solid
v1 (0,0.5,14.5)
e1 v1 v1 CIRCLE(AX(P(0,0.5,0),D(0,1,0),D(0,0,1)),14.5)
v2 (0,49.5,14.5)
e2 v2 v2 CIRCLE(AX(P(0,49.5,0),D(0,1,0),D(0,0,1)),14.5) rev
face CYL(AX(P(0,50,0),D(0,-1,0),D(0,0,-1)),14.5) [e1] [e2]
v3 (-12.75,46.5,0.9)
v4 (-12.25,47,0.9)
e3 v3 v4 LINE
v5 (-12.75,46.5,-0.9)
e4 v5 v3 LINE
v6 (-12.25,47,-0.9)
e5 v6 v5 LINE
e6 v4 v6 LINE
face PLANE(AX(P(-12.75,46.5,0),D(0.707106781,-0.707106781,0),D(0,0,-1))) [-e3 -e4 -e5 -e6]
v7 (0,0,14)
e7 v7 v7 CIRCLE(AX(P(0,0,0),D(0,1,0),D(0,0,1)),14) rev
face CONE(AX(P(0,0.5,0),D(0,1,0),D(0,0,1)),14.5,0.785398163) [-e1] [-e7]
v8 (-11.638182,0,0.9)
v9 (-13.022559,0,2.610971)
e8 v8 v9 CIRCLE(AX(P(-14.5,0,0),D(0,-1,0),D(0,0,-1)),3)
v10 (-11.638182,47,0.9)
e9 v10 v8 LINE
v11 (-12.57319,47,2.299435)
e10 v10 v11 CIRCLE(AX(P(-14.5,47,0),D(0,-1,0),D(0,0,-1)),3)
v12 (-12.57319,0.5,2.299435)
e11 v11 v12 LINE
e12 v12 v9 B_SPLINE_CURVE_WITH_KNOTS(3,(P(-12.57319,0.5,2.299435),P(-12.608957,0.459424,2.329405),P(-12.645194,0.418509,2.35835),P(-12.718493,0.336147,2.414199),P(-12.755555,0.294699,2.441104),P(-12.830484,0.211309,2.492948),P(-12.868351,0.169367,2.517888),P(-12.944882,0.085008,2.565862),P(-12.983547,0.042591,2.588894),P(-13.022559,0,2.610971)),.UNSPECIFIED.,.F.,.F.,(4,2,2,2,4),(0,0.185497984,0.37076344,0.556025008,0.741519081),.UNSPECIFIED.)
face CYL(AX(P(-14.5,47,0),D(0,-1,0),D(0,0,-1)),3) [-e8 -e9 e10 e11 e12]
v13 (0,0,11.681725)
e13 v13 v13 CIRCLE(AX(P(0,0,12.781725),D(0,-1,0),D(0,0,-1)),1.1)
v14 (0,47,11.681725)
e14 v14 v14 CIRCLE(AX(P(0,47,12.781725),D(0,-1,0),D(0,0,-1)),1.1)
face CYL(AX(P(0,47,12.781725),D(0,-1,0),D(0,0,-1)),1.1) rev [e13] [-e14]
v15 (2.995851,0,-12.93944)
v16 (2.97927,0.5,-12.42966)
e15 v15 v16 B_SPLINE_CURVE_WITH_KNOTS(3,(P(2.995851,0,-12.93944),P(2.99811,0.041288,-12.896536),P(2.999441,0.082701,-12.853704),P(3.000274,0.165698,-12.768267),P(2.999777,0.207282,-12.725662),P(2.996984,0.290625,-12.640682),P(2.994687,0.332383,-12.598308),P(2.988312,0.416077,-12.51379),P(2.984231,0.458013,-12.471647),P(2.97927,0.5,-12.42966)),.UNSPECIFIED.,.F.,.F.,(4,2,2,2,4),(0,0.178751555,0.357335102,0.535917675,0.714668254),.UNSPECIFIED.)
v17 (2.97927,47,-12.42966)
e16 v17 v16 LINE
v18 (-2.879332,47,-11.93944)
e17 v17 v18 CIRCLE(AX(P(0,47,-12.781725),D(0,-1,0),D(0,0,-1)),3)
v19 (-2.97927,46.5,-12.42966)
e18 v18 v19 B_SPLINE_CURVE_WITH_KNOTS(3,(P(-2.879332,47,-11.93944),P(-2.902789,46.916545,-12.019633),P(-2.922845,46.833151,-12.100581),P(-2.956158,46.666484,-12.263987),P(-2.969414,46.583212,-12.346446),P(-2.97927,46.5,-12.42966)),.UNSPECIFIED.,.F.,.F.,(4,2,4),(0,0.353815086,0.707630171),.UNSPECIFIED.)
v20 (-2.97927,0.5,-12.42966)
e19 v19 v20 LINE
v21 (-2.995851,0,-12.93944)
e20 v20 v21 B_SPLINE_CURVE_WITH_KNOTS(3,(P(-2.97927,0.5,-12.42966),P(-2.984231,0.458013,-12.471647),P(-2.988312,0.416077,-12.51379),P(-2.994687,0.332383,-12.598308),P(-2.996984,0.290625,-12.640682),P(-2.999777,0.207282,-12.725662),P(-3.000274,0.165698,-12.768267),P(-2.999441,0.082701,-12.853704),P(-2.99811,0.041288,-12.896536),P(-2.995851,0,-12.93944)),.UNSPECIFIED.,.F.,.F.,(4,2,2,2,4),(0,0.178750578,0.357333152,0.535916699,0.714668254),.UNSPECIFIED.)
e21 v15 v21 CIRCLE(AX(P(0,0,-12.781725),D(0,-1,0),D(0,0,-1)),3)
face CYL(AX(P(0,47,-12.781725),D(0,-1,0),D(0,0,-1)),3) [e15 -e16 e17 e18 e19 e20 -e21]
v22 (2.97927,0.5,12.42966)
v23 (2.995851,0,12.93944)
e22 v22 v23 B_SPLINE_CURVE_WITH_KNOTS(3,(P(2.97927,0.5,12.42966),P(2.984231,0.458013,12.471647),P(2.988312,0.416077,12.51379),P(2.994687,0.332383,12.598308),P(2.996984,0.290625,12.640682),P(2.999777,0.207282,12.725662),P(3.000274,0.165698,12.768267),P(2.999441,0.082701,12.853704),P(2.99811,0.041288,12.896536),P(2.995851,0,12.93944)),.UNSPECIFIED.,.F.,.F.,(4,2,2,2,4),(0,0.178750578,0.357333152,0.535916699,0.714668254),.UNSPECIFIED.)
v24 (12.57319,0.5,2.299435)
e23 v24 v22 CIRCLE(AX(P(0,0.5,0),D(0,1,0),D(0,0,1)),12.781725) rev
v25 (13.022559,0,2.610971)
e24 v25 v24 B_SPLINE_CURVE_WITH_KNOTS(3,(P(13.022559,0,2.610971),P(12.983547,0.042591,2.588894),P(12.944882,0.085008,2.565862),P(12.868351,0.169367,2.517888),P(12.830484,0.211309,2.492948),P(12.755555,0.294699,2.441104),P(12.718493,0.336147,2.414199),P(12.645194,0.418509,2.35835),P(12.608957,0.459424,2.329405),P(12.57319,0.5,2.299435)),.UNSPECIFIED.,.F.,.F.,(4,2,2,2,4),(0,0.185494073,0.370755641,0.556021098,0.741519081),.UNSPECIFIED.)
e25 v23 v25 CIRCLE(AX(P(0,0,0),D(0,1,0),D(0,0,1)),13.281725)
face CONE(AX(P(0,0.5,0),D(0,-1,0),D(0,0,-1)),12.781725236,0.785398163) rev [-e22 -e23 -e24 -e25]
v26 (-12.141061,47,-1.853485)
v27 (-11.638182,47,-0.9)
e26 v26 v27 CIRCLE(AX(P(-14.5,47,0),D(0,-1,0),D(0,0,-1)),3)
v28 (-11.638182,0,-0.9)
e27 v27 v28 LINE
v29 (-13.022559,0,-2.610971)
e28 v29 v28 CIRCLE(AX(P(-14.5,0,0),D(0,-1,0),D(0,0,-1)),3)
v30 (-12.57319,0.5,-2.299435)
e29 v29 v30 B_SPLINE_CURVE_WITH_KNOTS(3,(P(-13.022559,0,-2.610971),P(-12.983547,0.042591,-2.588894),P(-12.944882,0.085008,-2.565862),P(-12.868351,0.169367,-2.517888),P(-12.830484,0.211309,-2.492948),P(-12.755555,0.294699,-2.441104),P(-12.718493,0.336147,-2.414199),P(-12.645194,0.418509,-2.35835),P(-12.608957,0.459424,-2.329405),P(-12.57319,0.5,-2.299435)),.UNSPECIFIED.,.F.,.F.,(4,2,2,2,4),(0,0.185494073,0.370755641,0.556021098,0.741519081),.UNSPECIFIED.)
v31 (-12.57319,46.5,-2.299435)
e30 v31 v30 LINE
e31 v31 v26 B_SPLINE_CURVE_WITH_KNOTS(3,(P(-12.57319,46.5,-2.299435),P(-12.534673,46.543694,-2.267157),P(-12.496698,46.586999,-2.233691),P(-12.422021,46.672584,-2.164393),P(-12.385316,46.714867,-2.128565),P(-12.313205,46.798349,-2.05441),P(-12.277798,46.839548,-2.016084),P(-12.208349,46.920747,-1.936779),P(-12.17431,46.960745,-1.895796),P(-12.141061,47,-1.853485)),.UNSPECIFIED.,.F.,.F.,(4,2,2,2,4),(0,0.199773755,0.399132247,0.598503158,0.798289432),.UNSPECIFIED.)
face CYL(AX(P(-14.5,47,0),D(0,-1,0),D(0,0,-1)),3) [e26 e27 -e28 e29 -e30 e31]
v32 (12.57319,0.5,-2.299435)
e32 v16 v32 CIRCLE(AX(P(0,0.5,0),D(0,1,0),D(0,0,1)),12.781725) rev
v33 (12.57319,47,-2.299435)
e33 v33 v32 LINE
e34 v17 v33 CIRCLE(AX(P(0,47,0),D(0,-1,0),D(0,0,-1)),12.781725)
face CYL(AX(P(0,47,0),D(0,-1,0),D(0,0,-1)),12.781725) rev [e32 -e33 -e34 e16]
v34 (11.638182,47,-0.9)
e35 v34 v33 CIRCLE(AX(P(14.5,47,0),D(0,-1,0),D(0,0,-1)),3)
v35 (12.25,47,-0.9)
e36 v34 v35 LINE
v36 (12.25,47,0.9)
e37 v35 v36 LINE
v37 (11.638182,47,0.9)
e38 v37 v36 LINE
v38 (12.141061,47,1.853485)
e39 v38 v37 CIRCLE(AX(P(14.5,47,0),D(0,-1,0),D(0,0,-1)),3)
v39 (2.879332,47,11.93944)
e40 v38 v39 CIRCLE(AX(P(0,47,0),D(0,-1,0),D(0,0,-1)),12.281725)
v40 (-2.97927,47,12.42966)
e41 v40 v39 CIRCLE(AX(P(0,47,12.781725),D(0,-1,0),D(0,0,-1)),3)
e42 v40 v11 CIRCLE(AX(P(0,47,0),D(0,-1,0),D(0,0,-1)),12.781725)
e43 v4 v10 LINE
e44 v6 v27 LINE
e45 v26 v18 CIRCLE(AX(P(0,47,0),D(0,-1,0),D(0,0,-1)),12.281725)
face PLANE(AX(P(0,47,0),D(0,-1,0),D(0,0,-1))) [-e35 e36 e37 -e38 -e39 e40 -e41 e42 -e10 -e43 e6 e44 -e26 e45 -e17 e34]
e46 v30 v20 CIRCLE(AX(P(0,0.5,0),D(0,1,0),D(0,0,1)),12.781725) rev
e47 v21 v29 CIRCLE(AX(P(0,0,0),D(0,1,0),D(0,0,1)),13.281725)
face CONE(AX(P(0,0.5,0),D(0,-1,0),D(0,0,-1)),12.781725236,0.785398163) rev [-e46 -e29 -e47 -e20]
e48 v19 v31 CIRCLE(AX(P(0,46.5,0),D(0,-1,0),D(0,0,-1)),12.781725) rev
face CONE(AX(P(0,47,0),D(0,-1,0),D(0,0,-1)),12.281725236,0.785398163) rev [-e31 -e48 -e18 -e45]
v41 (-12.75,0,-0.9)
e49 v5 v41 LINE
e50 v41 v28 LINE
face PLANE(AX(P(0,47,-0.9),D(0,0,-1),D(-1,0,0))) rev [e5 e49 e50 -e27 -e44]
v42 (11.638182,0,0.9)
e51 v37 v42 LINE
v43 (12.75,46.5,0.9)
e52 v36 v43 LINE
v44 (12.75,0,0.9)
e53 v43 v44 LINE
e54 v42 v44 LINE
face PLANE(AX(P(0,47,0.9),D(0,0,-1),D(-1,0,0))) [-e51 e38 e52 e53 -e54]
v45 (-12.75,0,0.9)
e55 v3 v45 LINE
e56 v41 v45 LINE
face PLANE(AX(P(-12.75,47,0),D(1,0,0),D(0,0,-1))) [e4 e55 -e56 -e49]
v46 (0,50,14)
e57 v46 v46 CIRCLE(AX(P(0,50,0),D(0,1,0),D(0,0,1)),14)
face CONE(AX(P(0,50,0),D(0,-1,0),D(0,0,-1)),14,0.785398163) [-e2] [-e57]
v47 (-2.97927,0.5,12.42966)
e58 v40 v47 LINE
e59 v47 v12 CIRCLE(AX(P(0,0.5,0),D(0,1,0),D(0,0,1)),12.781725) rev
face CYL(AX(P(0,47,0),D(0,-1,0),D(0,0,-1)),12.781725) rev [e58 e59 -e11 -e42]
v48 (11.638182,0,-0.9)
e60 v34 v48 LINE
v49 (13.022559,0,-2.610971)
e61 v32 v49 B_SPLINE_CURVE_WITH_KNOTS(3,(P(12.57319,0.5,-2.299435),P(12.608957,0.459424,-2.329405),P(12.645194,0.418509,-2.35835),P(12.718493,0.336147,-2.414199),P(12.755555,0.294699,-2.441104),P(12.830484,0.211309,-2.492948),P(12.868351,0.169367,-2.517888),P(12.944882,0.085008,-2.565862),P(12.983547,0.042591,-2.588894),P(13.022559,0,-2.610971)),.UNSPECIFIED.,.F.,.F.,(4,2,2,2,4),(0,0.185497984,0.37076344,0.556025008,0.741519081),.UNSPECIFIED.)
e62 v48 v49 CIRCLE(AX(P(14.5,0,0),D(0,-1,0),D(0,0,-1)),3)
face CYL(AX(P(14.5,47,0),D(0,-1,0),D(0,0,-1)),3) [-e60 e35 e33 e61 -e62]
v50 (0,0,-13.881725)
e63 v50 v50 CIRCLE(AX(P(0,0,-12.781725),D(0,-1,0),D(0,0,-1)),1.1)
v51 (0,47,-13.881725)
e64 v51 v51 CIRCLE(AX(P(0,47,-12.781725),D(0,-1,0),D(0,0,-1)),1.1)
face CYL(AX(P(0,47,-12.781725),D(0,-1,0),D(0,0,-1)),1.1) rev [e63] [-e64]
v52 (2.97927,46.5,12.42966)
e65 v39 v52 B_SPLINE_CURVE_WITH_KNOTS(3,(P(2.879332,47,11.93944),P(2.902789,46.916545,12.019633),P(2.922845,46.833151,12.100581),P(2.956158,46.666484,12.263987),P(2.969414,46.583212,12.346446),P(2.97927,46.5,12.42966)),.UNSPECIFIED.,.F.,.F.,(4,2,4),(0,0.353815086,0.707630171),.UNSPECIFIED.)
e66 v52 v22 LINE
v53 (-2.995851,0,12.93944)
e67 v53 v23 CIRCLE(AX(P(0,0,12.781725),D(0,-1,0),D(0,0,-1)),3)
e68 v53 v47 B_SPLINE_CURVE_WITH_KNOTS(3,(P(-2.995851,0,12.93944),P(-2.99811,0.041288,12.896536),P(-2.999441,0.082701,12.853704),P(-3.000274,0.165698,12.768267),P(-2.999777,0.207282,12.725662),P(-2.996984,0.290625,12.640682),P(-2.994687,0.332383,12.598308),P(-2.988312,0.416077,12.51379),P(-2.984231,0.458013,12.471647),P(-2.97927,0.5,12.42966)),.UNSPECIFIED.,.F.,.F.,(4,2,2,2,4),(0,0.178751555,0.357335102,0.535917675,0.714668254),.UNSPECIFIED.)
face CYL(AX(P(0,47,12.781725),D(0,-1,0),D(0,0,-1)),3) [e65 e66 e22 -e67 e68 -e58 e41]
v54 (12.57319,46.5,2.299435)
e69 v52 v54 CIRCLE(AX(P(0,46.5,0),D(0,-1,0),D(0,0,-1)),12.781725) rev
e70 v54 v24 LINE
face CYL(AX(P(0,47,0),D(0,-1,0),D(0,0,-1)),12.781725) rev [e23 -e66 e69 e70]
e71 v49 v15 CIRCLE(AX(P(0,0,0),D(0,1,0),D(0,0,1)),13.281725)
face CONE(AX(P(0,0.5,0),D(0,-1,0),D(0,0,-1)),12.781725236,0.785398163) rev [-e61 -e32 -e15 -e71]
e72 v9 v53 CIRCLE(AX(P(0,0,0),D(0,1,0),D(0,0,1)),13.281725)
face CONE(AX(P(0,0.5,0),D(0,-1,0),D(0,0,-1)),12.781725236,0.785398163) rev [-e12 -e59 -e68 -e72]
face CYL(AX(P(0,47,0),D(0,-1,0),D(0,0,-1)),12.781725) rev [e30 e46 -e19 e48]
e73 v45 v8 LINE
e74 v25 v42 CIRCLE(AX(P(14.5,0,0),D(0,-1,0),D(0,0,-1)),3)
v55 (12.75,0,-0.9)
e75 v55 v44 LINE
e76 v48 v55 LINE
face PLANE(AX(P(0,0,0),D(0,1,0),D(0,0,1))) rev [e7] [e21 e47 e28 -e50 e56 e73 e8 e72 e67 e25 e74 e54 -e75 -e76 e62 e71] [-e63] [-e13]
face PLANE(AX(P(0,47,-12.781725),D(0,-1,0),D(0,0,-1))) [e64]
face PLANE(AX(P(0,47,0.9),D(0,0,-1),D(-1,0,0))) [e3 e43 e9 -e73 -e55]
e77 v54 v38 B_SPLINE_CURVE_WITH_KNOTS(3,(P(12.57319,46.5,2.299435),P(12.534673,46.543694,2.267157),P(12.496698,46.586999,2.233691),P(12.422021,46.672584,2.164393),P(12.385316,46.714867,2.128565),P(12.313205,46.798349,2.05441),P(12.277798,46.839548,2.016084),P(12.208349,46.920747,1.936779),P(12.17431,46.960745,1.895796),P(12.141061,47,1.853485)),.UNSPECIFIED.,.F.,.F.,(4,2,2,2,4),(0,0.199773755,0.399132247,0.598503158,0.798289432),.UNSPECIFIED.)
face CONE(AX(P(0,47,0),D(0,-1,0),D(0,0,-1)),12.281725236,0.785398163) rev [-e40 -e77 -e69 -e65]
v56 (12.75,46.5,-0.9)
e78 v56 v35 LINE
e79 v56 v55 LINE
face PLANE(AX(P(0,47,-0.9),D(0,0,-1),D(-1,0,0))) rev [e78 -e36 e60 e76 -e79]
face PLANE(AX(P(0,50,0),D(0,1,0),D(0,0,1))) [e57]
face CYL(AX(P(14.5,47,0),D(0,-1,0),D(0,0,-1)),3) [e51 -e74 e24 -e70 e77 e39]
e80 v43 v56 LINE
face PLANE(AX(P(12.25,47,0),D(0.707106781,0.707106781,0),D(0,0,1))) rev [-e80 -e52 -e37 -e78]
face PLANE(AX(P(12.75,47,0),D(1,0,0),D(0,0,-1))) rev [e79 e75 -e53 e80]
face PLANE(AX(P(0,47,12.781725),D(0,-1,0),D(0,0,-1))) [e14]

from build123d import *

# Parameters (mm, degrees)
SKETCH1_R           = 14.5
BOSS_EXTRUDE1_DEPTH = 50
SKETCH2_R           = 1.1
CUT_EXTRUDE1_DEPTH  = 47
CHAMFER1_SIZE       = 0.5


with BuildPart() as part:
    # Sketch1 → Boss-Extrude1 (new body)
    with BuildSketch(Plane(origin=(0, 0, 0), x_dir=(1, 0, 0), z_dir=(0, 1, 0))):
        with Locations(Location((0, 0, 0), (0, 0, 270))):
            Circle(SKETCH1_R)
    extrude(amount=BOSS_EXTRUDE1_DEPTH)

    # Sketch2 → Cut-Extrude1 (cut)
    with BuildSketch(Plane.XZ):
        with BuildLine():
            Line((-12.75, 0.9), (-12.75, -0.9))
            Line((-12.75, -0.9), (-11.638182396, -0.9))
            ThreePointArc((-11.638182396, -0.9), (-12.005537317, -1.66663011), (-12.573189655, -2.299435125))
            ThreePointArc((-12.573189655, -2.299435125), (-9.280361808, -8.789049136), (-2.979270067, -12.429660087))
            ThreePointArc((-2.979270067, -12.429660087), (0, -9.781725236), (2.979270067, -12.429660087))
            ThreePointArc((2.979270067, -12.429660087), (9.280361808, -8.789049136), (12.573189655, -2.299435125))
            ThreePointArc((12.573189655, -2.299435125), (12.005537317, -1.66663011), (11.638182396, -0.9))
            Line((11.638182396, -0.9), (12.75, -0.9))
            Line((12.75, -0.9), (12.75, 0.9))
            Line((12.75, 0.9), (11.638182396, 0.9))
            ThreePointArc((11.638182396, 0.9), (12.005537317, 1.66663011), (12.573189655, 2.299435125))
            ThreePointArc((12.573189655, 2.299435125), (9.280361808, 8.789049136), (2.979270067, 12.429660087))
            ThreePointArc((2.979270067, 12.429660087), (0, 9.781725236), (-2.979270067, 12.429660087))
            ThreePointArc((-2.979270067, 12.429660087), (-9.280361808, 8.789049136), (-12.573189655, 2.299435125))
            ThreePointArc((-12.573189655, 2.299435125), (-12.005537317, 1.66663011), (-11.638182396, 0.9))
            Line((-11.638182396, 0.9), (-12.75, 0.9))
        make_face()
        with Locations(Location((0, -12.781725236, 0), (0, 0, 270))):
            Circle(SKETCH2_R)
        with Locations(Location((0, 12.781725236, 0), (0, 0, 270))):
            Circle(SKETCH2_R)
    extrude(amount=-CUT_EXTRUDE1_DEPTH, mode=Mode.SUBTRACT)

    # Chamfer1
    chamfer1_edges = [part.edges().sort_by_distance(p)[0] for p in [
        (9.280361808, 47, 8.789049136),
        (0, 0, -14.5),
        (12.75, 47, 0),
        (-9.280361808, 47, -8.789049136),
        (-12.75, 47, 0),
        (-9.280361808, 0, -8.789049136),
        (9.280361808, 0, -8.789049136),
        (9.280361808, 0, 8.789049136),
        (-9.280361808, 0, 8.789049136),
        (0, 50, -14.5),
    ]]
    chamfer(chamfer1_edges, length=CHAMFER1_SIZE)


solid = part.part
